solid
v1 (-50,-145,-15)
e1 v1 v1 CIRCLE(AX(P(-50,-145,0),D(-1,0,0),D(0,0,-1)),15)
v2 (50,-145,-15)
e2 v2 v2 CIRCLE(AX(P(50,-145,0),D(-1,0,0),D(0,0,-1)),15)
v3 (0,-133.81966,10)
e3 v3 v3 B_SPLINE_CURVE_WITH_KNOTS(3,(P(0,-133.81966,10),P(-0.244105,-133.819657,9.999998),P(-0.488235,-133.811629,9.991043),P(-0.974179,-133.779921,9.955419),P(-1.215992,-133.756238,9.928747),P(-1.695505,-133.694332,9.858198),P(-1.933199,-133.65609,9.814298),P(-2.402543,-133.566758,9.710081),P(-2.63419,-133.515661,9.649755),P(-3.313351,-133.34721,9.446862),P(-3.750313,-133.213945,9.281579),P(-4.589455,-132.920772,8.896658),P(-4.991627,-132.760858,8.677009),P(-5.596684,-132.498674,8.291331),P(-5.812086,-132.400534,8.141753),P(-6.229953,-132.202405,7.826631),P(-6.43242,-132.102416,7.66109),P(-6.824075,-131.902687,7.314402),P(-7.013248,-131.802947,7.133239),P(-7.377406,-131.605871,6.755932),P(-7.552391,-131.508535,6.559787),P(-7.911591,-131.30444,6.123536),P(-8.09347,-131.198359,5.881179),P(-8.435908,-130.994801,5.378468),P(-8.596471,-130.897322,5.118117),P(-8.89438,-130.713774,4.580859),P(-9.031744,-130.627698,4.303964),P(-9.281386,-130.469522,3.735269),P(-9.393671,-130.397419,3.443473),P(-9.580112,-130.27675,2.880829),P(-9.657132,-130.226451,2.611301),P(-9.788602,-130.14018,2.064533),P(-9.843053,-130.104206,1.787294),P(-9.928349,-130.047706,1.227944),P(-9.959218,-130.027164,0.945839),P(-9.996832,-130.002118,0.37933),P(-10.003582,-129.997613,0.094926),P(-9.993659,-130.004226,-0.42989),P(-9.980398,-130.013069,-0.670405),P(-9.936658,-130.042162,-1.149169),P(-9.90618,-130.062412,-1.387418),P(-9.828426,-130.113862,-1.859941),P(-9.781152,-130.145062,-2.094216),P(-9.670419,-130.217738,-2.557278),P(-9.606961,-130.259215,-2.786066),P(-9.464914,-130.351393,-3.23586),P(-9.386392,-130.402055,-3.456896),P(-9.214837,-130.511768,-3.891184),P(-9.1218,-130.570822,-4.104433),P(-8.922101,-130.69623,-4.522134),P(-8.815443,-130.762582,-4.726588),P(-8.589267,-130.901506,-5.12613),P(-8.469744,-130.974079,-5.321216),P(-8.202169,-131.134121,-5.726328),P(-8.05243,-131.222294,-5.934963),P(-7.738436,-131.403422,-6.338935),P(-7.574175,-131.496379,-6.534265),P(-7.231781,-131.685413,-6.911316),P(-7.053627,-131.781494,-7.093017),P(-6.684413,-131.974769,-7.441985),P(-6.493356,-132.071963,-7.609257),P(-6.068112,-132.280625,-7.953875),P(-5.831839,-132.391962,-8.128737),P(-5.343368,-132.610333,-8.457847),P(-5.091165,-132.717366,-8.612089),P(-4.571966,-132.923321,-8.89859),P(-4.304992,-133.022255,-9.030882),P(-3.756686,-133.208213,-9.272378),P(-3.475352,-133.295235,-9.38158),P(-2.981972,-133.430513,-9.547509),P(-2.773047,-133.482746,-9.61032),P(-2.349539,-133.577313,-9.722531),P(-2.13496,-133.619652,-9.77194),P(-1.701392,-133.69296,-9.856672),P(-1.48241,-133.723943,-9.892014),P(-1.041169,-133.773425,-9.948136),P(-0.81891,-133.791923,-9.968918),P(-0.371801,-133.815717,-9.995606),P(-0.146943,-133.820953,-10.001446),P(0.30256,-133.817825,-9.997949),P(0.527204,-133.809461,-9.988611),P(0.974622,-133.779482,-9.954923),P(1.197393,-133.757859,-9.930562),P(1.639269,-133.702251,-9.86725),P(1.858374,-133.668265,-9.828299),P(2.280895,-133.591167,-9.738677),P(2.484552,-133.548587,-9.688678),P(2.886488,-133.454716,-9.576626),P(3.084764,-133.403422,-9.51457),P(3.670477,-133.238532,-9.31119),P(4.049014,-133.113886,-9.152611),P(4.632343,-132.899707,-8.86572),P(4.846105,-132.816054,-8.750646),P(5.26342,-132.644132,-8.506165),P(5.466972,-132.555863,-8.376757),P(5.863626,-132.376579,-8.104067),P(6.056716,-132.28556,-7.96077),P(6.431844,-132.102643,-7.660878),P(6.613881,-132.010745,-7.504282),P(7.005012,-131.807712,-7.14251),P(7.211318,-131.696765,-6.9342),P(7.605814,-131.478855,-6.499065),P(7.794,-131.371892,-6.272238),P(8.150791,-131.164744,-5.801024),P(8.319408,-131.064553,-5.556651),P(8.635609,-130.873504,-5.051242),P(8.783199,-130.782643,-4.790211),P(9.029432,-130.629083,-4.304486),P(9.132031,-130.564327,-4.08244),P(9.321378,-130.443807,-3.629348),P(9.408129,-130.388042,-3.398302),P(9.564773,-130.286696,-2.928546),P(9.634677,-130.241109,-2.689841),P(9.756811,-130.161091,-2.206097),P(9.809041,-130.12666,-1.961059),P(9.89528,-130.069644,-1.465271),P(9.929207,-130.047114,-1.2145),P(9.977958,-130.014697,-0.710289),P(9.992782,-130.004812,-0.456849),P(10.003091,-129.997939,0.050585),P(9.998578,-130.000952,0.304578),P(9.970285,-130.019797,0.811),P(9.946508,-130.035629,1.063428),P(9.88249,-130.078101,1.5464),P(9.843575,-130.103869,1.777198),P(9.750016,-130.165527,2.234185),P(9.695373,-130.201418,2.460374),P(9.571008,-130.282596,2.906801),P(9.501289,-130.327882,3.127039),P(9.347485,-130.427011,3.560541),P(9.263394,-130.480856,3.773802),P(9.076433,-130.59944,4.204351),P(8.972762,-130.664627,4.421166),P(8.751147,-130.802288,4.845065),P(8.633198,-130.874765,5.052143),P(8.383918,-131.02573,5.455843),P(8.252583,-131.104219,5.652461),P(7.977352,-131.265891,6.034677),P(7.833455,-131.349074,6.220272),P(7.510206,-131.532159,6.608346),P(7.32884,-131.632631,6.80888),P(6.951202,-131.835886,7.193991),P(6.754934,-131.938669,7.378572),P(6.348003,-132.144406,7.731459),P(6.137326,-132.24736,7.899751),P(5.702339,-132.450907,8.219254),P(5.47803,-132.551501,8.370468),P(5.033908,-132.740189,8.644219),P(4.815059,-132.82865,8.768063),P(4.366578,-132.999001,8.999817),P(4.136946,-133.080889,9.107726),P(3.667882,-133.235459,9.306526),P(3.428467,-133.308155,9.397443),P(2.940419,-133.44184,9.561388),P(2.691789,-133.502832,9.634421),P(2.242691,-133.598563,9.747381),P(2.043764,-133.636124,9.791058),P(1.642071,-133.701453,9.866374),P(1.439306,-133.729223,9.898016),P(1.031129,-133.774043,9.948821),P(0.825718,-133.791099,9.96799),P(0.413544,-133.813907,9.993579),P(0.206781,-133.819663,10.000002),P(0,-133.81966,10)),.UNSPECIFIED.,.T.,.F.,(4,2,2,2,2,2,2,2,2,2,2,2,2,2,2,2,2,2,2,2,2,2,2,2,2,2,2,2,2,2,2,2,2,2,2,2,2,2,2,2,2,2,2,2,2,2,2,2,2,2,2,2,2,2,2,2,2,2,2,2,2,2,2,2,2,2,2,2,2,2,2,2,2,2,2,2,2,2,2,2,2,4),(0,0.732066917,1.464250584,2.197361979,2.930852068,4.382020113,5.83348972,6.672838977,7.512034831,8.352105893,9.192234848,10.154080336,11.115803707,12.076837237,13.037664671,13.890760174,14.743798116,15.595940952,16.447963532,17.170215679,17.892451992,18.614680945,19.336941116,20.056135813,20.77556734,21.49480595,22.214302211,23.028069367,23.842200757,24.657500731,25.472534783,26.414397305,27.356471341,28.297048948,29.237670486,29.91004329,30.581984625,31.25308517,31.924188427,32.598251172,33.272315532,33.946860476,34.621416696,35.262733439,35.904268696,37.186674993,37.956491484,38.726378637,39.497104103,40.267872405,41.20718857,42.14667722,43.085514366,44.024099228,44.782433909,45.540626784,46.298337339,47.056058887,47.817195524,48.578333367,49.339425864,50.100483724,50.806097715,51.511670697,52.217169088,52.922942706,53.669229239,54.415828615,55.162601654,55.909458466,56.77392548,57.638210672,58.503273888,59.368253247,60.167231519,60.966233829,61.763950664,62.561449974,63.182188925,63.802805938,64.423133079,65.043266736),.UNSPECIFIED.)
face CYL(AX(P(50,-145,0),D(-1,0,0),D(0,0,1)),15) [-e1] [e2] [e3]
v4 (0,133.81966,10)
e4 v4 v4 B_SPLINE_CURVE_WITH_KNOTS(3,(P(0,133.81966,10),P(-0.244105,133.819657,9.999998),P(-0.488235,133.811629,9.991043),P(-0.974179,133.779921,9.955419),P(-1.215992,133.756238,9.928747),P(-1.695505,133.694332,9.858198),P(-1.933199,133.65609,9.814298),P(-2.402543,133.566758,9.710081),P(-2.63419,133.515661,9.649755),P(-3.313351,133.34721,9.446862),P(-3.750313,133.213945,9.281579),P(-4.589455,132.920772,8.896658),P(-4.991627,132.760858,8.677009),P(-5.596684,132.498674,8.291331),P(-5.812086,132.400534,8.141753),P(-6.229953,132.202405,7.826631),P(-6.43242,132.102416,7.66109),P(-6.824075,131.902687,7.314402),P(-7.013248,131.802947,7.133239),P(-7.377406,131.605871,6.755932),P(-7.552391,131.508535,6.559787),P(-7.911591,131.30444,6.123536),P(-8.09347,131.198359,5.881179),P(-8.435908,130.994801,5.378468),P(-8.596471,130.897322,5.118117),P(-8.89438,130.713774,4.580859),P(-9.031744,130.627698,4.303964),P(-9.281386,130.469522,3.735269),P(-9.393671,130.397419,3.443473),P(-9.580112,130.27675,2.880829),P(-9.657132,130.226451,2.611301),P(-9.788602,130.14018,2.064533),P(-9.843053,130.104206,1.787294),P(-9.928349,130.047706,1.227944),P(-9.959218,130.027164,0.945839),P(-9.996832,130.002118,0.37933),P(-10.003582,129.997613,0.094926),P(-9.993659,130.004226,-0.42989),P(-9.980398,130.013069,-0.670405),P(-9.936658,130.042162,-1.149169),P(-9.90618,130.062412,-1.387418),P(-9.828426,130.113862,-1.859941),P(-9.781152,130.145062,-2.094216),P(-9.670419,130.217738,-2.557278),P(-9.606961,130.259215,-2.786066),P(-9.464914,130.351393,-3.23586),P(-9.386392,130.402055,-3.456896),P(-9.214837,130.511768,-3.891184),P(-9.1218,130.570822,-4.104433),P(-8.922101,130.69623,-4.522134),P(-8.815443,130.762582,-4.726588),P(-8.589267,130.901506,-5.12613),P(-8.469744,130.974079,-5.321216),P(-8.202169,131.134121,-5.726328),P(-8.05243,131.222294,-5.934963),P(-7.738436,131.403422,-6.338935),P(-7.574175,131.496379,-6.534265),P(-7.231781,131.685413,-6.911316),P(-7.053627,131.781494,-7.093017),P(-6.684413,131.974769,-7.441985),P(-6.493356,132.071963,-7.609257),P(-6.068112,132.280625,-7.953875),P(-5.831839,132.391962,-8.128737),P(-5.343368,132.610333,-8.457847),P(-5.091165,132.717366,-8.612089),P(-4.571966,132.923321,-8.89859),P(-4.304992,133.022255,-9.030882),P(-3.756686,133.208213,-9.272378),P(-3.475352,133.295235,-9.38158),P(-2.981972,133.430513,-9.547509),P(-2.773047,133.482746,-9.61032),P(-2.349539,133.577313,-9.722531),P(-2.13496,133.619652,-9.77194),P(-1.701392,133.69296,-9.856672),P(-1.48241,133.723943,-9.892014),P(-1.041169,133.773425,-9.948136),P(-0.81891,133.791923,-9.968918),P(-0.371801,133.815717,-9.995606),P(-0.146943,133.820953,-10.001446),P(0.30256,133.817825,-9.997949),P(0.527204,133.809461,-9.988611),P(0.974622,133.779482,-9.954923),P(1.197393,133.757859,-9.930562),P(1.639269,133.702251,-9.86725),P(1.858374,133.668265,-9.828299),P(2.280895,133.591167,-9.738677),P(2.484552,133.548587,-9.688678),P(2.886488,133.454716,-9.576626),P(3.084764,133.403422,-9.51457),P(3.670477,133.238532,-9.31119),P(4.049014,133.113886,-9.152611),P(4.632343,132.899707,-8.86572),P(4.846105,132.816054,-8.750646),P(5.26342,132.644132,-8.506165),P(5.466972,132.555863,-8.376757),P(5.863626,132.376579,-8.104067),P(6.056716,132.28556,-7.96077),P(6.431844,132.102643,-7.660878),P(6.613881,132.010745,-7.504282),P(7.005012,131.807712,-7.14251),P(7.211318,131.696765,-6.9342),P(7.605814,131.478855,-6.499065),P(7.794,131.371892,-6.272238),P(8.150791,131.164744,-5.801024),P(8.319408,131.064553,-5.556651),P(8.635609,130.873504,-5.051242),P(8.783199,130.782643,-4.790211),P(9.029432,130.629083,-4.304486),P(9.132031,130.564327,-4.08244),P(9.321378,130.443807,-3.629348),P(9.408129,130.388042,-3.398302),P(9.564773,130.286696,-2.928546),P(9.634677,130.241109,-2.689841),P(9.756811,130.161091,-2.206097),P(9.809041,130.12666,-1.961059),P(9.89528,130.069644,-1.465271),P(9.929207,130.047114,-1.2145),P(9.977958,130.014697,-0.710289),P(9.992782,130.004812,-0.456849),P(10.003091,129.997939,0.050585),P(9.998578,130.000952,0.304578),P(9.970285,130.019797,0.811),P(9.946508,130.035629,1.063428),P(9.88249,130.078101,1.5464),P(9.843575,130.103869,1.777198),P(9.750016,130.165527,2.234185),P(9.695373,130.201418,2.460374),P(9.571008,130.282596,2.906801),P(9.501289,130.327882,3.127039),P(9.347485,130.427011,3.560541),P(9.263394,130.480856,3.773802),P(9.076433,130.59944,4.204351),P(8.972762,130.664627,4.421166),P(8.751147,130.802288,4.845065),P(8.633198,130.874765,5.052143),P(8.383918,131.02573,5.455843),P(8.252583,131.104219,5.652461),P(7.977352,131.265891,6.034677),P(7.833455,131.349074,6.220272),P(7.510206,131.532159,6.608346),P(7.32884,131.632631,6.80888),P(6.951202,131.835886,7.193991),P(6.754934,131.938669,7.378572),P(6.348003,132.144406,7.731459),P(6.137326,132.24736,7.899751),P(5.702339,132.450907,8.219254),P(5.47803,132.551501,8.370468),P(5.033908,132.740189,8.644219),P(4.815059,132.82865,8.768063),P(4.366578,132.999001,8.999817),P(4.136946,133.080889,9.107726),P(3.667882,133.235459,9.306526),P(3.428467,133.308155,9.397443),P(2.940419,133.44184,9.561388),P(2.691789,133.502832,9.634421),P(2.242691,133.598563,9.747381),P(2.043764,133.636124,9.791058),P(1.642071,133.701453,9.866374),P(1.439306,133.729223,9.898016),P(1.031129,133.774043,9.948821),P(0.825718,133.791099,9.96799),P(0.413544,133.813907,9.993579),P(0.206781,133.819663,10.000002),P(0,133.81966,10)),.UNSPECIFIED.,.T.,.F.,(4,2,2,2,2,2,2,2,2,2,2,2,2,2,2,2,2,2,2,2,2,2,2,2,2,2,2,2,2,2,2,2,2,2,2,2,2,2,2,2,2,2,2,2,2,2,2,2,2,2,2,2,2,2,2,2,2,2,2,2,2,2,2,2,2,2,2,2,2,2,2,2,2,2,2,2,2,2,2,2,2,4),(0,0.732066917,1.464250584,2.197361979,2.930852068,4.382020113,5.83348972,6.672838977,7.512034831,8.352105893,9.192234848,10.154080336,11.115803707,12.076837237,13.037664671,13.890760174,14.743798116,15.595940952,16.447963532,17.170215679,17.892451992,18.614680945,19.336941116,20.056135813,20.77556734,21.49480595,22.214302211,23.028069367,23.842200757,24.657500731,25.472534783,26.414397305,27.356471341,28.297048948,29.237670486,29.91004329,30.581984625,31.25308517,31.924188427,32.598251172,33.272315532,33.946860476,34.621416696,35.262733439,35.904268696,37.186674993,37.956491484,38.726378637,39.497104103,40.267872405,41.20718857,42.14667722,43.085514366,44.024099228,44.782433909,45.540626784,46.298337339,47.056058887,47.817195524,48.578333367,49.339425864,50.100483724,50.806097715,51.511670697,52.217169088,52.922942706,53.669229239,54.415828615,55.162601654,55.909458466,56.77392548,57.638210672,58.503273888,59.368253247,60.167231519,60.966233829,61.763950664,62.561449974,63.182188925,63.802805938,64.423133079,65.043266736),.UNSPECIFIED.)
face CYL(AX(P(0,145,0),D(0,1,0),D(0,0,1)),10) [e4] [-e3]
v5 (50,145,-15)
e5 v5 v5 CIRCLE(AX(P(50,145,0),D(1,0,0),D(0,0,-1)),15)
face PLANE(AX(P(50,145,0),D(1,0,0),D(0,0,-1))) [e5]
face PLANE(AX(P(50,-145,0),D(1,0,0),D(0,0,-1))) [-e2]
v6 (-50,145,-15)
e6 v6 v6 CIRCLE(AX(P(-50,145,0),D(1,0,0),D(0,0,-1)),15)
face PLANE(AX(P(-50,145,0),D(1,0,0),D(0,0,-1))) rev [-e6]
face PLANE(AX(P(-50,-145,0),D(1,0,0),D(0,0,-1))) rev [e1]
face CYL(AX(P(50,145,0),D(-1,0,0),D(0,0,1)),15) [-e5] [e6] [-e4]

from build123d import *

# Parameters (mm, degrees)
SKETCH1_W           = 10
SKETCH1_H           = 290
SKETCH2_R           = 15
BOSS_EXTRUDE1_DEPTH = 50


with BuildPart() as part:
    # Sketch1 → Revolve1 (revolve)
    with BuildSketch(Plane.XY, mode=Mode.PRIVATE) as revolve1_sk:
        with Locations((-5, 0)):
            Rectangle(SKETCH1_W, SKETCH1_H)
    revolve(revolve1_sk.sketch.rotate(Axis((0, 145, 0), (0, -1, 0)), 270), axis=Axis((0, 145, 0), (0, -1, 0)))

    # Sketch2 → Boss-Extrude1 (add, symmetric)
    with BuildSketch(Plane(origin=(0, 0, 0), x_dir=(0, 0, -1), z_dir=(1, 0, 0))):
        with Locations((0, 145)):
            Circle(SKETCH2_R)
    boss_extrude1 = extrude(amount=BOSS_EXTRUDE1_DEPTH, both=True)

    # Mirror1: Boss-Extrude1 across plane
    add(boss_extrude1.mirror(Plane.ZX))


solid = part.part
